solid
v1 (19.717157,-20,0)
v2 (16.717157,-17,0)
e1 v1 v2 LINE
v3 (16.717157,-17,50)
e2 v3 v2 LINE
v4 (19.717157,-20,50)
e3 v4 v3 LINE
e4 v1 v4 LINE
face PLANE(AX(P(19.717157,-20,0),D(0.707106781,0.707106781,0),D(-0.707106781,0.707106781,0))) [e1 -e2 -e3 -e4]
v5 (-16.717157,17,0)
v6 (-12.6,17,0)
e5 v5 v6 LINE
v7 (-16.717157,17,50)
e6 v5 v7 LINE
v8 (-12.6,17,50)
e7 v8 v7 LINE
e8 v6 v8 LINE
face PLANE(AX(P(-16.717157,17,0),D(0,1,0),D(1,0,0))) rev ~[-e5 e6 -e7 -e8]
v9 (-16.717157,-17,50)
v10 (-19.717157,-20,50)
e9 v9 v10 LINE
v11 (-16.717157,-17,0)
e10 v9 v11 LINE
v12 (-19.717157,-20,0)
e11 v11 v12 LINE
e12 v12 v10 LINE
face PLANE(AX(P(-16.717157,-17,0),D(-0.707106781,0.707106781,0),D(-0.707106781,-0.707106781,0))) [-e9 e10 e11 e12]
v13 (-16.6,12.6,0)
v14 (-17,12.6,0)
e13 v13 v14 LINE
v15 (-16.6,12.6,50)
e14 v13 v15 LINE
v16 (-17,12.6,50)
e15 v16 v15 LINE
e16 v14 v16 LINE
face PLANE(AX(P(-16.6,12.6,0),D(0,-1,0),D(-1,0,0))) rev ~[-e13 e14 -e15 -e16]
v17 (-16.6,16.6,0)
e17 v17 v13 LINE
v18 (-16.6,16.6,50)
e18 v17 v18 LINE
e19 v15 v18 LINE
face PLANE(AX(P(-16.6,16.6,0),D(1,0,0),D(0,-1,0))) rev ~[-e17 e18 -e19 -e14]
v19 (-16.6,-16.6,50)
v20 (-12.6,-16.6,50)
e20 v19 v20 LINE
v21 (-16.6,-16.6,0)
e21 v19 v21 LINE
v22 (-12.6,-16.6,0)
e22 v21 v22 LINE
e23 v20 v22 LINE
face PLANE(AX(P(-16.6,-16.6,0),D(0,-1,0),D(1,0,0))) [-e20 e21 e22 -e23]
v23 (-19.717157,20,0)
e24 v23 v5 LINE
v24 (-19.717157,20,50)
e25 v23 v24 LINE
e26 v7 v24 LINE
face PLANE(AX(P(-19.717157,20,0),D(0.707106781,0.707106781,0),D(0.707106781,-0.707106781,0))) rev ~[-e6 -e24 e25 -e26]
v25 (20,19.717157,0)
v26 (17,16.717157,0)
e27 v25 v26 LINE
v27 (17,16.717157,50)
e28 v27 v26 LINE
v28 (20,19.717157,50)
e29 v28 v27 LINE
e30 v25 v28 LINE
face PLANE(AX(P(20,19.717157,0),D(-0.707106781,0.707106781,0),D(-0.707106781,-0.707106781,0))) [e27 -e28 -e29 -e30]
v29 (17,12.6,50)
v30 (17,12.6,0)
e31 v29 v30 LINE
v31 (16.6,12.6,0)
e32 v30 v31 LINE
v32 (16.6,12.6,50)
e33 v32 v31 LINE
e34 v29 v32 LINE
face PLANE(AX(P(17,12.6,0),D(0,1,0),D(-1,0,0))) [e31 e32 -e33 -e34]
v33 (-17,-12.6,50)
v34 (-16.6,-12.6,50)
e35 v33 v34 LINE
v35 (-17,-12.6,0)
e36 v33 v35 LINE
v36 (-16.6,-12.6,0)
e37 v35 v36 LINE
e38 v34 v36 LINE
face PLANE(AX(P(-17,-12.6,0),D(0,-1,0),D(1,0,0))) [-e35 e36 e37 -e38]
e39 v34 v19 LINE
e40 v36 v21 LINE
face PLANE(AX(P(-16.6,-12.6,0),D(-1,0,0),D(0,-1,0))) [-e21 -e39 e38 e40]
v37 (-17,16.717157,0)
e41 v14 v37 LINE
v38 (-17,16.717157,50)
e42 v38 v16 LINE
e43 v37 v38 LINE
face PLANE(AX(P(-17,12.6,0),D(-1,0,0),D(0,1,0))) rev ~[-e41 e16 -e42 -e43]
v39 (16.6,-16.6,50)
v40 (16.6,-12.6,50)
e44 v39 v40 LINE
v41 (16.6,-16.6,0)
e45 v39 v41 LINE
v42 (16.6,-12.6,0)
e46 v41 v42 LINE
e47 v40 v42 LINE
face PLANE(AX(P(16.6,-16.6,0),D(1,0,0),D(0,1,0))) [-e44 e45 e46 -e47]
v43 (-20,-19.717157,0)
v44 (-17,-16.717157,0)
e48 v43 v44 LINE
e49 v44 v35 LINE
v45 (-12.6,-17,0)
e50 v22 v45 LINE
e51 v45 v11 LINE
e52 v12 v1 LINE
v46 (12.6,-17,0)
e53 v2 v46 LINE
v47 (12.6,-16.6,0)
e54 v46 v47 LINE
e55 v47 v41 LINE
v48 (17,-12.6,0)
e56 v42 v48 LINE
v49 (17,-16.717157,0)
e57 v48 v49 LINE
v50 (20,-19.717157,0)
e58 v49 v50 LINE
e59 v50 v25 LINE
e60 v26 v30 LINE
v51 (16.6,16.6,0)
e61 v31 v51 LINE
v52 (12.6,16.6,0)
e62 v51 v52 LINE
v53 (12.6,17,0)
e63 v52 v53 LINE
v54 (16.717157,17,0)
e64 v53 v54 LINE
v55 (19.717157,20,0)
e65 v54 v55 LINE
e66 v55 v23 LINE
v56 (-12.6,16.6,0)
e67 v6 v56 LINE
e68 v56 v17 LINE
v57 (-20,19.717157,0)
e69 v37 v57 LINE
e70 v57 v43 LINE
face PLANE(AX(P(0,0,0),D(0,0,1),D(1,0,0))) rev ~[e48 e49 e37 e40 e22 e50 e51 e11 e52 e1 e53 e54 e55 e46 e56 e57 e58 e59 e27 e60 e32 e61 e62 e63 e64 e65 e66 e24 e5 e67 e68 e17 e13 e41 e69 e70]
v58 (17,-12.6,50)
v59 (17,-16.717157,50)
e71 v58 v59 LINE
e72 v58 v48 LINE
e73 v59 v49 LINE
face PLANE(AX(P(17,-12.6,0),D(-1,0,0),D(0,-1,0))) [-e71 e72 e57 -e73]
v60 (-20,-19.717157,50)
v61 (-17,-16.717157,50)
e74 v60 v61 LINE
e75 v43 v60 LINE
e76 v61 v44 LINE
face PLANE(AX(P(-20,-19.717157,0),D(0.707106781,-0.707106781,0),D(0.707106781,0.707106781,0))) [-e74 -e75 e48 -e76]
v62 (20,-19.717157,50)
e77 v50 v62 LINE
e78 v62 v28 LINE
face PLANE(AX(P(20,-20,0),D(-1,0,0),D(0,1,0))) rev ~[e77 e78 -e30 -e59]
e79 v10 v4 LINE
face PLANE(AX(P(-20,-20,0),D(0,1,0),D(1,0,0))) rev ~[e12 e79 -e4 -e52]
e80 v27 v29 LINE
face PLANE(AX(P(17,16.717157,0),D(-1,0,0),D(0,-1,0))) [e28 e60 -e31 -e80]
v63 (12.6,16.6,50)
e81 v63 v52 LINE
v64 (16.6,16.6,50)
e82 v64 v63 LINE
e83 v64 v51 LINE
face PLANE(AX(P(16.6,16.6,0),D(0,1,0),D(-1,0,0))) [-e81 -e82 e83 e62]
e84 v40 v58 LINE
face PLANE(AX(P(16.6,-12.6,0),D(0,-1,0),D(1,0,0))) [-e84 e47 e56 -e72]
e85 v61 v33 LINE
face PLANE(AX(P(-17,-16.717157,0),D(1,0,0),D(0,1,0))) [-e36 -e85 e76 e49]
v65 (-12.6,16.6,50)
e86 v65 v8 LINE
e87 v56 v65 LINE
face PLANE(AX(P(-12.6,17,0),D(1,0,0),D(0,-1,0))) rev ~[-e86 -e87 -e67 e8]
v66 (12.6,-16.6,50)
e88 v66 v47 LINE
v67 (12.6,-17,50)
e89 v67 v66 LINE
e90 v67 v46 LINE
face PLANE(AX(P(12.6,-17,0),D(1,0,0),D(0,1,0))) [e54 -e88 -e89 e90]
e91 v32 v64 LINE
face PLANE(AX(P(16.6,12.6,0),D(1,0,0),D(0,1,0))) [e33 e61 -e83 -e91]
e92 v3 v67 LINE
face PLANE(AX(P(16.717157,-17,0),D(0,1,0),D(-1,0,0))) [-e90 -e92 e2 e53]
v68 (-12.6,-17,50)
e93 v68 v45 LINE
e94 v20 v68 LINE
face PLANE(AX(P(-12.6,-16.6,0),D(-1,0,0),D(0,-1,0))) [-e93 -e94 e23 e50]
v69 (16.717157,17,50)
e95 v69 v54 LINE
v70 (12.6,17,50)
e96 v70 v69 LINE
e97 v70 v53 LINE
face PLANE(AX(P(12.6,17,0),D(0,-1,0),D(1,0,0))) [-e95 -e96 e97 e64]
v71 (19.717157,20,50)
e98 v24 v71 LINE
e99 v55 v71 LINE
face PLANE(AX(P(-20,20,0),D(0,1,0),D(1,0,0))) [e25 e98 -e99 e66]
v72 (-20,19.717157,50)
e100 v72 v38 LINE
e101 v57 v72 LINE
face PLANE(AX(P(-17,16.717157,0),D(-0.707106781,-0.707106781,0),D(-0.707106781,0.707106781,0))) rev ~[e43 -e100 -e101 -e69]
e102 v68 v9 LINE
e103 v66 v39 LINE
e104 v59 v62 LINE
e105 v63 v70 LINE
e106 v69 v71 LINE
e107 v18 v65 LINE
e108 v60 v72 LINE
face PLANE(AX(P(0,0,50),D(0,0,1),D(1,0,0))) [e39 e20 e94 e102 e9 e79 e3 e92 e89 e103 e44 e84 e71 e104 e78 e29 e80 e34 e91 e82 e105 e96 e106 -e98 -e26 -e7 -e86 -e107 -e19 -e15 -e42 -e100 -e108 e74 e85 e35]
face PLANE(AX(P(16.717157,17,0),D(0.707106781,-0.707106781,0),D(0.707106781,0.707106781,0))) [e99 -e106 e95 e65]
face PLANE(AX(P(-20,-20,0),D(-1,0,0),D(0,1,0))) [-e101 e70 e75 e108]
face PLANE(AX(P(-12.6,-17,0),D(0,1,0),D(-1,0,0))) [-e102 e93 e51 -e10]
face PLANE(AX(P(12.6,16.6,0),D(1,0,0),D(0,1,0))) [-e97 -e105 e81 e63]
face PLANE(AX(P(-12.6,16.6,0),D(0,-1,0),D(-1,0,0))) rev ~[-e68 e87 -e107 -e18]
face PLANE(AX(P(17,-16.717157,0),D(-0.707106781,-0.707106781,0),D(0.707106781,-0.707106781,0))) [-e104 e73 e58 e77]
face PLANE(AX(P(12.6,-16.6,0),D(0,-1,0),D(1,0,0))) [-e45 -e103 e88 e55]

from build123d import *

# Parameters (mm, degrees)
SKETCH_W           = 40
SKETCH_H           = 40
PAD_DEPTH          = 50
POCKET_DEPTH       = 150.997689
POCKET_DEPTH_BACK  = 200.997689
POLARPATTERN_COUNT = 4


with BuildPart() as part:
    # Sketch → Pad (new body)
    with BuildSketch(Plane.XY):
        Rectangle(SKETCH_W, SKETCH_H)
    extrude(amount=PAD_DEPTH)

    # Sketch001 → Pocket (cut, two sides)
    with BuildSketch(Plane.XY) as pocket_sk:
        Polygon((-19.717157, 20), (-16.717157, 17), (-12.6, 17), (-12.6, 16.6), (-16.6, 16.6), (-16.6, 12.6), (-17, 12.6), (-17, 16.717157), (-20, 19.717157), (-20, 20), align=None)
    pocket = extrude(amount=-POCKET_DEPTH, mode=Mode.SUBTRACT) + extrude(pocket_sk.sketch, amount=POCKET_DEPTH_BACK, mode=Mode.SUBTRACT)

    # PolarPattern: Pocket ×4 about axis
    polarpattern_axis = Axis((0, 0, 0), (0, 0, 1))
    for i in range(1, POLARPATTERN_COUNT):
        add(pocket.rotate(polarpattern_axis, i * 360 / POLARPATTERN_COUNT), mode=Mode.SUBTRACT)


solid = part.part
